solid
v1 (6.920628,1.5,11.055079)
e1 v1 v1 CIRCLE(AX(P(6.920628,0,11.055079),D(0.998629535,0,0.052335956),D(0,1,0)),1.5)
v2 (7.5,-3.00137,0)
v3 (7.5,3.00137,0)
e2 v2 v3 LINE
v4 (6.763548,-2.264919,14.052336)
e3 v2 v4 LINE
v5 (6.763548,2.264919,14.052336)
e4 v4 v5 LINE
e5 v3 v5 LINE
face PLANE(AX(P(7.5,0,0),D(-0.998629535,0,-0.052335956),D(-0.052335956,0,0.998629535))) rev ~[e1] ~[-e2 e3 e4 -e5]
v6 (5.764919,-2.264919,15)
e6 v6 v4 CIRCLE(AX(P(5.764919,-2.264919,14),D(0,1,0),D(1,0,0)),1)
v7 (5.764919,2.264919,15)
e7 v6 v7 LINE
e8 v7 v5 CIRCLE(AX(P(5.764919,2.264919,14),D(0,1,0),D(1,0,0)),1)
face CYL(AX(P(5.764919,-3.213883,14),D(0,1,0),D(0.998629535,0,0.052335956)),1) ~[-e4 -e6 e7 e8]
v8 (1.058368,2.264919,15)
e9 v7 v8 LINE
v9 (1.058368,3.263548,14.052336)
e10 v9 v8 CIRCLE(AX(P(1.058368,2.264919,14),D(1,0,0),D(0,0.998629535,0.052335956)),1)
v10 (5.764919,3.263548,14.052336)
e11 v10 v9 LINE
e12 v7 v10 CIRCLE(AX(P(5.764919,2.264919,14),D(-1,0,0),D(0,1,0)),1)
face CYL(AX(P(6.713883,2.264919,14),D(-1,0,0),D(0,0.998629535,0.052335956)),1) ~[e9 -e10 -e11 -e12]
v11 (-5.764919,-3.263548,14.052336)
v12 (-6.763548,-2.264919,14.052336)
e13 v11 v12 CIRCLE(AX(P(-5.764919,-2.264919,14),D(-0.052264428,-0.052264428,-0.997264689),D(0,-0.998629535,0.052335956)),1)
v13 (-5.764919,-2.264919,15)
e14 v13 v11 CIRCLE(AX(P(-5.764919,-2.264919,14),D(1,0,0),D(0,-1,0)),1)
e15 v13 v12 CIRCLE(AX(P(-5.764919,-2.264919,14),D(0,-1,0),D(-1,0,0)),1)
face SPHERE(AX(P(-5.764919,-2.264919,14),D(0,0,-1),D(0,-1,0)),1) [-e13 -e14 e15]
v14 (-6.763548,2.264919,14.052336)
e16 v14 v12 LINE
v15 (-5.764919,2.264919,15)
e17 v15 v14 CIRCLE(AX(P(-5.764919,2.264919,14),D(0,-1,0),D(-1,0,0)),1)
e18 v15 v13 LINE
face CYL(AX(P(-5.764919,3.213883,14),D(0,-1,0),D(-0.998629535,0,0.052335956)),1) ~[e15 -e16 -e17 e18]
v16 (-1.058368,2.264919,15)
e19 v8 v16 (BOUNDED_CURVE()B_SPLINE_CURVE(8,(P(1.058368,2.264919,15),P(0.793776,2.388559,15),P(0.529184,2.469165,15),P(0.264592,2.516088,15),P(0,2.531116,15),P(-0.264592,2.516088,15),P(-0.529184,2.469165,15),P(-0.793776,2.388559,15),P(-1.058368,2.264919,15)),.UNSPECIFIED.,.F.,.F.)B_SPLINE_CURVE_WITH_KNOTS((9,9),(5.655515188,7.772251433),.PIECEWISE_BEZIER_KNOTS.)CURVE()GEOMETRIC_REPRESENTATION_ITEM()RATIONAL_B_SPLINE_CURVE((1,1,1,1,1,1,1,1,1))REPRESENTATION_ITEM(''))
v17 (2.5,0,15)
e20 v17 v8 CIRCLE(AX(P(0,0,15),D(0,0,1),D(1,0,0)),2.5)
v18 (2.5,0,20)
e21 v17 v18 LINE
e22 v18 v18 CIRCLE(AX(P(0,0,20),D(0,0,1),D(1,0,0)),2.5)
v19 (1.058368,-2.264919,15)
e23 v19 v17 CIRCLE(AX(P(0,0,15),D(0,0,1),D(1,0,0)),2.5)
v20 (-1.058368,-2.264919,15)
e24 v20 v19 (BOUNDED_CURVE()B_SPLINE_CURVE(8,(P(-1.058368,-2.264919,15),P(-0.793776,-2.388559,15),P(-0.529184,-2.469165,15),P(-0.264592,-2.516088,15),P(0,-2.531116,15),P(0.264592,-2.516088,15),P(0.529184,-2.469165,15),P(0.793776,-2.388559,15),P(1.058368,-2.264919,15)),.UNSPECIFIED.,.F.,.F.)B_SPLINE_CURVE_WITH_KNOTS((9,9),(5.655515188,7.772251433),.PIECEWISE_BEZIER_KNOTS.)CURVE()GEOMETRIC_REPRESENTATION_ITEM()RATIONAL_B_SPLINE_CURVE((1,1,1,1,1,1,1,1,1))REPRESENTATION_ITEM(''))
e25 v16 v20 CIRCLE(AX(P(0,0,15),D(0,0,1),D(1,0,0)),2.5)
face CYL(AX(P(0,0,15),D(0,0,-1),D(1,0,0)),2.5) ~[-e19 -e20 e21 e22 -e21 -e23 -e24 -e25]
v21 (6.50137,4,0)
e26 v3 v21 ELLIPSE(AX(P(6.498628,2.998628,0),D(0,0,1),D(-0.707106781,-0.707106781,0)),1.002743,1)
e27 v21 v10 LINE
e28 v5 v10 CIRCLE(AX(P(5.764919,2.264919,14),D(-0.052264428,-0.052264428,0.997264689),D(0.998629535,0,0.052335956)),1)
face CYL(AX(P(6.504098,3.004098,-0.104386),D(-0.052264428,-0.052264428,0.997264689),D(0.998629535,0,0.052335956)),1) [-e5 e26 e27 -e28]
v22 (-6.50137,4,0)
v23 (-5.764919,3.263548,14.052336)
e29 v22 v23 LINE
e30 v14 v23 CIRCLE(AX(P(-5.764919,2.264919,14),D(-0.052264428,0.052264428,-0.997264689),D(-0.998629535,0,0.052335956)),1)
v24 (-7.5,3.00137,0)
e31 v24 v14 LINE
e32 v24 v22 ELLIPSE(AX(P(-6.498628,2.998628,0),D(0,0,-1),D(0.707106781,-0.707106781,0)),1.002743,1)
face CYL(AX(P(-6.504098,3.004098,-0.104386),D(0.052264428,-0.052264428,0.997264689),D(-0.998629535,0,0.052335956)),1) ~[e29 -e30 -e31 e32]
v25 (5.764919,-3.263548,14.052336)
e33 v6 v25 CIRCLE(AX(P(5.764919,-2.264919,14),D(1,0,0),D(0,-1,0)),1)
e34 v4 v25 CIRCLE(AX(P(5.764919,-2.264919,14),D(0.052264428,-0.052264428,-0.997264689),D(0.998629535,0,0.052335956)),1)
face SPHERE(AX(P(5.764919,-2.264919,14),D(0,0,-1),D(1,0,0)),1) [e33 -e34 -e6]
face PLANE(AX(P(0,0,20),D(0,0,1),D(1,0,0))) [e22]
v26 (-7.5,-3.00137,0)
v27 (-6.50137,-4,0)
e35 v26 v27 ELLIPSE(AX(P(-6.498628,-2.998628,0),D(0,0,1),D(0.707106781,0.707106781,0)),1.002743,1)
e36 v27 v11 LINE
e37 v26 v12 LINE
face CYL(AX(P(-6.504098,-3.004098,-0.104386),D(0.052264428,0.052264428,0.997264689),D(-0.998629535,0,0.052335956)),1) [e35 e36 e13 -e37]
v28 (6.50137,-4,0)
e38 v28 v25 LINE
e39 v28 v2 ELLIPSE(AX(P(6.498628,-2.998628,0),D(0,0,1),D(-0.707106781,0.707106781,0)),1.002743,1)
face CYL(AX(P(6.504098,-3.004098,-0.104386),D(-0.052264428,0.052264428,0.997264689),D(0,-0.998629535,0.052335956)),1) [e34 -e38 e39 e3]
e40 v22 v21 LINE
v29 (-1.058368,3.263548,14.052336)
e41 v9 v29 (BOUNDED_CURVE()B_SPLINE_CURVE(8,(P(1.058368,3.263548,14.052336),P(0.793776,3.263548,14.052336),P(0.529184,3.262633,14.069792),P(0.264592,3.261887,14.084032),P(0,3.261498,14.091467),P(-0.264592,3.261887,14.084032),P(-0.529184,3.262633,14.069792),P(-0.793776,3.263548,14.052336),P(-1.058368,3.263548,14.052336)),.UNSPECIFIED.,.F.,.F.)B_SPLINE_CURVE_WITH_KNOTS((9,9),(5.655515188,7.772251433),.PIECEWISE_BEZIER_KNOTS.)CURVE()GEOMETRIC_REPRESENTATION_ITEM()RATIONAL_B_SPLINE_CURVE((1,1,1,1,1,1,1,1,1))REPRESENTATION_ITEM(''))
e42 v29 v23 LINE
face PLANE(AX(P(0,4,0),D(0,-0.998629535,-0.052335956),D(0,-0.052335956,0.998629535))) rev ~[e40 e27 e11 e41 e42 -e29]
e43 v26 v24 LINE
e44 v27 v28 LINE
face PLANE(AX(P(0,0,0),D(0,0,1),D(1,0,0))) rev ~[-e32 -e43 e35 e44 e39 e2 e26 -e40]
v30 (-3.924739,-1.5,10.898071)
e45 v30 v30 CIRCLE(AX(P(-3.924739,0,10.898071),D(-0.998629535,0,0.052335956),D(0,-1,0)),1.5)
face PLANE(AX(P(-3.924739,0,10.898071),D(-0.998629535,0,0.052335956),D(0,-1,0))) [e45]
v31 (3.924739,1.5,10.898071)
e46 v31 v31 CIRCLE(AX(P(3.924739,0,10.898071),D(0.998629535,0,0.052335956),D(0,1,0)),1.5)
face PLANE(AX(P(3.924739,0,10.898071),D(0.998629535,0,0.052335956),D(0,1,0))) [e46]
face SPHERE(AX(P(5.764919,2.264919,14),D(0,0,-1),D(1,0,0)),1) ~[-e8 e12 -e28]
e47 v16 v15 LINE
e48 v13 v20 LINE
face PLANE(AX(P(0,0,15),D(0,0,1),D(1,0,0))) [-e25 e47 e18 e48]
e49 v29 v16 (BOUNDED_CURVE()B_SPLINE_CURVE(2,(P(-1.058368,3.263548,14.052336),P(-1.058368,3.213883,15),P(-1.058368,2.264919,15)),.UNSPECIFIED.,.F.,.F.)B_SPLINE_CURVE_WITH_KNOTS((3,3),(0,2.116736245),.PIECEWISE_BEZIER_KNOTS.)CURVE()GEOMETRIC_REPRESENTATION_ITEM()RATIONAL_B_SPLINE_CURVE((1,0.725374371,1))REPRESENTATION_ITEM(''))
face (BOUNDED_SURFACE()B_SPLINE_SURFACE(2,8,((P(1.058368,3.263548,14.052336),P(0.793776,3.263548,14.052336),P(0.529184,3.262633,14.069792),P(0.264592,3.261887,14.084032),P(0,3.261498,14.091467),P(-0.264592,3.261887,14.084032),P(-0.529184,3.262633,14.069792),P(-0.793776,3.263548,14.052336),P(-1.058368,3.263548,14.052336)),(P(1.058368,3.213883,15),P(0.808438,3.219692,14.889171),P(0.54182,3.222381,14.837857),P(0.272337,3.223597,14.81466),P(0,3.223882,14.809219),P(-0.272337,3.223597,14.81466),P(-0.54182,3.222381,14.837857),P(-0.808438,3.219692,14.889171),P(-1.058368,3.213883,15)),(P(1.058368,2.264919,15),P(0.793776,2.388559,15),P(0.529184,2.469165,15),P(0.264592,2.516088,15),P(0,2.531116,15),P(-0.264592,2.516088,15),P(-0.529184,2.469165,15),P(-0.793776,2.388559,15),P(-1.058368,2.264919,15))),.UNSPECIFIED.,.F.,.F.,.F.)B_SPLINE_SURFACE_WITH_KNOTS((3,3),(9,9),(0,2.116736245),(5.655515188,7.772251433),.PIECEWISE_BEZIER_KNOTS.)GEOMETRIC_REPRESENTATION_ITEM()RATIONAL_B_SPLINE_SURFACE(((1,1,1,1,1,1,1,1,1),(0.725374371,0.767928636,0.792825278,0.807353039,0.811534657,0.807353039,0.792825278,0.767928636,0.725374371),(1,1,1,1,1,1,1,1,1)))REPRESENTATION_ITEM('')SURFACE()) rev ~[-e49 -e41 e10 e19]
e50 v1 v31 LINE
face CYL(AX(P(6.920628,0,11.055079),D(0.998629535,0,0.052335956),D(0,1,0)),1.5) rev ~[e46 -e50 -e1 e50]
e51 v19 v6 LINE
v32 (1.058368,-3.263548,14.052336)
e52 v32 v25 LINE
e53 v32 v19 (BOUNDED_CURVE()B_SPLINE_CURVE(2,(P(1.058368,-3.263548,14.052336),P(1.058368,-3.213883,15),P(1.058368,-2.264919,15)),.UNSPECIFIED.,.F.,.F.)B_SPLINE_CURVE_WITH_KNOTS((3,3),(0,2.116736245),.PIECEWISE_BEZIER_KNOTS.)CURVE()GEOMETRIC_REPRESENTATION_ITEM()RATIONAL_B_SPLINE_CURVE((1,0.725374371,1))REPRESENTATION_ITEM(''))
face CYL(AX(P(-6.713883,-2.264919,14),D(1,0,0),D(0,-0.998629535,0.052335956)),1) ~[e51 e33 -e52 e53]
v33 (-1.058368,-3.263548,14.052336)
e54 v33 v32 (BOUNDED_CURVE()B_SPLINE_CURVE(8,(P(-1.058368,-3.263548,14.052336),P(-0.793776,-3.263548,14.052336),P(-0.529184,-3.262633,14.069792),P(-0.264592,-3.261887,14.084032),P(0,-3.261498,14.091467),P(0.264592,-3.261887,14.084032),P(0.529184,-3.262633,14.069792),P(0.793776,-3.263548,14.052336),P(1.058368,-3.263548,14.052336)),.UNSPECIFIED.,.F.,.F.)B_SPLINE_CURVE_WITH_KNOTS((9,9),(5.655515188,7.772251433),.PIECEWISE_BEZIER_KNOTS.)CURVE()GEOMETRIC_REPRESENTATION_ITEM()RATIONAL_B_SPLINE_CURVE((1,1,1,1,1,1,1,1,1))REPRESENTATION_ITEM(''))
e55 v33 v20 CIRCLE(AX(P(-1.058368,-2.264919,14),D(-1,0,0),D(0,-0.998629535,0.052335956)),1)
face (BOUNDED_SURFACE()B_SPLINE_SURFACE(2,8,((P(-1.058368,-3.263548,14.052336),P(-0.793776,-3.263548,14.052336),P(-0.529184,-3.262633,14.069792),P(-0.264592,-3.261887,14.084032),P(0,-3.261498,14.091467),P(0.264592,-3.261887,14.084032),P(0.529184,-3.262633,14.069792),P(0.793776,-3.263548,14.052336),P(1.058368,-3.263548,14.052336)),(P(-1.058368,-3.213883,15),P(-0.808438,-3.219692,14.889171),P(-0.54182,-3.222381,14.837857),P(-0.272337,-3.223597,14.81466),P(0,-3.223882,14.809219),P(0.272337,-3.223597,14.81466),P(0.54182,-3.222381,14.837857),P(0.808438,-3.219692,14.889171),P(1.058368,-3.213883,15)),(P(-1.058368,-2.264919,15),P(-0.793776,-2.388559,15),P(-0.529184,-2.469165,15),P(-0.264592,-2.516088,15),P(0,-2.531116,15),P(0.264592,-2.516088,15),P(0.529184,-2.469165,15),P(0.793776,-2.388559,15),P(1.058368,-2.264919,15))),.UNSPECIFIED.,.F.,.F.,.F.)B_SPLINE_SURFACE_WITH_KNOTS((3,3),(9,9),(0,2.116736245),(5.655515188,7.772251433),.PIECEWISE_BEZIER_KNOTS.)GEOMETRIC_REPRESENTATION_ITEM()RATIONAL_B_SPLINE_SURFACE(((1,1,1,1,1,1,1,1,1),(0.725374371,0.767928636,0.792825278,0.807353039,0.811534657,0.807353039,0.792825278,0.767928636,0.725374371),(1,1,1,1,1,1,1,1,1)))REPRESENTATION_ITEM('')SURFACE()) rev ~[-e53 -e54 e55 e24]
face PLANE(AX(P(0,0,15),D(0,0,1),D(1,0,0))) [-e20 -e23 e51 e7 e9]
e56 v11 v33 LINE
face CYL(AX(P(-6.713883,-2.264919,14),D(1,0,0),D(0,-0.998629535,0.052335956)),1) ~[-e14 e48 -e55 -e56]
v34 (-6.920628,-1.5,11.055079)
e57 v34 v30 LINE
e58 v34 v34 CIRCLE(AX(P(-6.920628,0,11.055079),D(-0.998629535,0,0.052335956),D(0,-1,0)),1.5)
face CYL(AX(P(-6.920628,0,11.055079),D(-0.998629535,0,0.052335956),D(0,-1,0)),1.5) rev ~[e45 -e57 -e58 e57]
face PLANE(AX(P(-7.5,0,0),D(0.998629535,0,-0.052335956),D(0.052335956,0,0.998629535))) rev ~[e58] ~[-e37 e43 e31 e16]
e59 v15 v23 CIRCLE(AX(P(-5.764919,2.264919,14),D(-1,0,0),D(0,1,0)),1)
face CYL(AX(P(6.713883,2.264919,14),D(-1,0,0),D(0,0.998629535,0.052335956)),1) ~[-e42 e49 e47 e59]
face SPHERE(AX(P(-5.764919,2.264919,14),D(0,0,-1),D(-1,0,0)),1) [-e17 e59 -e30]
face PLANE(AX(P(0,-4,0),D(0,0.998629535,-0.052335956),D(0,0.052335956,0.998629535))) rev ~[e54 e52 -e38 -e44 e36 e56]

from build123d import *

# Parameters (mm, degrees)
F0_W     = 15
F0_H     = 8
F1_DEPTH = 15
F1_TAPER = 3
F2_R     = 2.5
F3_DEPTH = 5
F4_R     = 1
F5_R     = 1.5
F6_DEPTH = 3
F7_R     = 1.5
F8_DEPTH = 3


with BuildPart() as f1:
    # F0 (on Top) → F1 (new body)
    with BuildSketch(Plane.XY):
        Rectangle(F0_W, F0_H)
    extrude(amount=F1_DEPTH, taper=F1_TAPER)

    # F2 (on face) → F3 (join)
    with BuildSketch(Plane.XY.offset(15)):
        Circle(F2_R)
    extrude(amount=F3_DEPTH)

    # F4
    f4_edges = [f1.edges().sort_by_distance(p)[0] for p in [
        (-7.106942, -3.606942, 7.5),
        (7.106942, -3.606942, 7.5),
        (7.106942, 3.606942, 7.5),
        (-7.106942, 3.606942, 7.5),
        (6.713883, 0, 15),
        (0, -3.213883, 15),
        (-6.713883, 0, 15),
        (0, 3.213883, 15),
    ]]
    fillet(f4_edges, radius=F4_R)

    # F5 (on face) → F6 (cut)
    with BuildSketch(Plane(origin=(7.4794571076, 0, 0.3919817373), x_dir=(0, 1, 0), z_dir=(0.9986295348, 0, 0.0523359562))):
        with Locations((0, 10.6777304862)):
            Circle(F5_R)
    extrude(amount=-F6_DEPTH, mode=Mode.SUBTRACT)

    # F7 (on face) → F8 (cut)
    with BuildSketch(Plane(origin=(-7.4794571076, 0, 0.3919817373), x_dir=(0, -1, 0), z_dir=(-0.9986295348, 0, 0.0523359562))):
        with Locations((0, 10.6777304862)):
            Circle(F7_R)
    extrude(amount=-F8_DEPTH, mode=Mode.SUBTRACT)


solid = f1.part
